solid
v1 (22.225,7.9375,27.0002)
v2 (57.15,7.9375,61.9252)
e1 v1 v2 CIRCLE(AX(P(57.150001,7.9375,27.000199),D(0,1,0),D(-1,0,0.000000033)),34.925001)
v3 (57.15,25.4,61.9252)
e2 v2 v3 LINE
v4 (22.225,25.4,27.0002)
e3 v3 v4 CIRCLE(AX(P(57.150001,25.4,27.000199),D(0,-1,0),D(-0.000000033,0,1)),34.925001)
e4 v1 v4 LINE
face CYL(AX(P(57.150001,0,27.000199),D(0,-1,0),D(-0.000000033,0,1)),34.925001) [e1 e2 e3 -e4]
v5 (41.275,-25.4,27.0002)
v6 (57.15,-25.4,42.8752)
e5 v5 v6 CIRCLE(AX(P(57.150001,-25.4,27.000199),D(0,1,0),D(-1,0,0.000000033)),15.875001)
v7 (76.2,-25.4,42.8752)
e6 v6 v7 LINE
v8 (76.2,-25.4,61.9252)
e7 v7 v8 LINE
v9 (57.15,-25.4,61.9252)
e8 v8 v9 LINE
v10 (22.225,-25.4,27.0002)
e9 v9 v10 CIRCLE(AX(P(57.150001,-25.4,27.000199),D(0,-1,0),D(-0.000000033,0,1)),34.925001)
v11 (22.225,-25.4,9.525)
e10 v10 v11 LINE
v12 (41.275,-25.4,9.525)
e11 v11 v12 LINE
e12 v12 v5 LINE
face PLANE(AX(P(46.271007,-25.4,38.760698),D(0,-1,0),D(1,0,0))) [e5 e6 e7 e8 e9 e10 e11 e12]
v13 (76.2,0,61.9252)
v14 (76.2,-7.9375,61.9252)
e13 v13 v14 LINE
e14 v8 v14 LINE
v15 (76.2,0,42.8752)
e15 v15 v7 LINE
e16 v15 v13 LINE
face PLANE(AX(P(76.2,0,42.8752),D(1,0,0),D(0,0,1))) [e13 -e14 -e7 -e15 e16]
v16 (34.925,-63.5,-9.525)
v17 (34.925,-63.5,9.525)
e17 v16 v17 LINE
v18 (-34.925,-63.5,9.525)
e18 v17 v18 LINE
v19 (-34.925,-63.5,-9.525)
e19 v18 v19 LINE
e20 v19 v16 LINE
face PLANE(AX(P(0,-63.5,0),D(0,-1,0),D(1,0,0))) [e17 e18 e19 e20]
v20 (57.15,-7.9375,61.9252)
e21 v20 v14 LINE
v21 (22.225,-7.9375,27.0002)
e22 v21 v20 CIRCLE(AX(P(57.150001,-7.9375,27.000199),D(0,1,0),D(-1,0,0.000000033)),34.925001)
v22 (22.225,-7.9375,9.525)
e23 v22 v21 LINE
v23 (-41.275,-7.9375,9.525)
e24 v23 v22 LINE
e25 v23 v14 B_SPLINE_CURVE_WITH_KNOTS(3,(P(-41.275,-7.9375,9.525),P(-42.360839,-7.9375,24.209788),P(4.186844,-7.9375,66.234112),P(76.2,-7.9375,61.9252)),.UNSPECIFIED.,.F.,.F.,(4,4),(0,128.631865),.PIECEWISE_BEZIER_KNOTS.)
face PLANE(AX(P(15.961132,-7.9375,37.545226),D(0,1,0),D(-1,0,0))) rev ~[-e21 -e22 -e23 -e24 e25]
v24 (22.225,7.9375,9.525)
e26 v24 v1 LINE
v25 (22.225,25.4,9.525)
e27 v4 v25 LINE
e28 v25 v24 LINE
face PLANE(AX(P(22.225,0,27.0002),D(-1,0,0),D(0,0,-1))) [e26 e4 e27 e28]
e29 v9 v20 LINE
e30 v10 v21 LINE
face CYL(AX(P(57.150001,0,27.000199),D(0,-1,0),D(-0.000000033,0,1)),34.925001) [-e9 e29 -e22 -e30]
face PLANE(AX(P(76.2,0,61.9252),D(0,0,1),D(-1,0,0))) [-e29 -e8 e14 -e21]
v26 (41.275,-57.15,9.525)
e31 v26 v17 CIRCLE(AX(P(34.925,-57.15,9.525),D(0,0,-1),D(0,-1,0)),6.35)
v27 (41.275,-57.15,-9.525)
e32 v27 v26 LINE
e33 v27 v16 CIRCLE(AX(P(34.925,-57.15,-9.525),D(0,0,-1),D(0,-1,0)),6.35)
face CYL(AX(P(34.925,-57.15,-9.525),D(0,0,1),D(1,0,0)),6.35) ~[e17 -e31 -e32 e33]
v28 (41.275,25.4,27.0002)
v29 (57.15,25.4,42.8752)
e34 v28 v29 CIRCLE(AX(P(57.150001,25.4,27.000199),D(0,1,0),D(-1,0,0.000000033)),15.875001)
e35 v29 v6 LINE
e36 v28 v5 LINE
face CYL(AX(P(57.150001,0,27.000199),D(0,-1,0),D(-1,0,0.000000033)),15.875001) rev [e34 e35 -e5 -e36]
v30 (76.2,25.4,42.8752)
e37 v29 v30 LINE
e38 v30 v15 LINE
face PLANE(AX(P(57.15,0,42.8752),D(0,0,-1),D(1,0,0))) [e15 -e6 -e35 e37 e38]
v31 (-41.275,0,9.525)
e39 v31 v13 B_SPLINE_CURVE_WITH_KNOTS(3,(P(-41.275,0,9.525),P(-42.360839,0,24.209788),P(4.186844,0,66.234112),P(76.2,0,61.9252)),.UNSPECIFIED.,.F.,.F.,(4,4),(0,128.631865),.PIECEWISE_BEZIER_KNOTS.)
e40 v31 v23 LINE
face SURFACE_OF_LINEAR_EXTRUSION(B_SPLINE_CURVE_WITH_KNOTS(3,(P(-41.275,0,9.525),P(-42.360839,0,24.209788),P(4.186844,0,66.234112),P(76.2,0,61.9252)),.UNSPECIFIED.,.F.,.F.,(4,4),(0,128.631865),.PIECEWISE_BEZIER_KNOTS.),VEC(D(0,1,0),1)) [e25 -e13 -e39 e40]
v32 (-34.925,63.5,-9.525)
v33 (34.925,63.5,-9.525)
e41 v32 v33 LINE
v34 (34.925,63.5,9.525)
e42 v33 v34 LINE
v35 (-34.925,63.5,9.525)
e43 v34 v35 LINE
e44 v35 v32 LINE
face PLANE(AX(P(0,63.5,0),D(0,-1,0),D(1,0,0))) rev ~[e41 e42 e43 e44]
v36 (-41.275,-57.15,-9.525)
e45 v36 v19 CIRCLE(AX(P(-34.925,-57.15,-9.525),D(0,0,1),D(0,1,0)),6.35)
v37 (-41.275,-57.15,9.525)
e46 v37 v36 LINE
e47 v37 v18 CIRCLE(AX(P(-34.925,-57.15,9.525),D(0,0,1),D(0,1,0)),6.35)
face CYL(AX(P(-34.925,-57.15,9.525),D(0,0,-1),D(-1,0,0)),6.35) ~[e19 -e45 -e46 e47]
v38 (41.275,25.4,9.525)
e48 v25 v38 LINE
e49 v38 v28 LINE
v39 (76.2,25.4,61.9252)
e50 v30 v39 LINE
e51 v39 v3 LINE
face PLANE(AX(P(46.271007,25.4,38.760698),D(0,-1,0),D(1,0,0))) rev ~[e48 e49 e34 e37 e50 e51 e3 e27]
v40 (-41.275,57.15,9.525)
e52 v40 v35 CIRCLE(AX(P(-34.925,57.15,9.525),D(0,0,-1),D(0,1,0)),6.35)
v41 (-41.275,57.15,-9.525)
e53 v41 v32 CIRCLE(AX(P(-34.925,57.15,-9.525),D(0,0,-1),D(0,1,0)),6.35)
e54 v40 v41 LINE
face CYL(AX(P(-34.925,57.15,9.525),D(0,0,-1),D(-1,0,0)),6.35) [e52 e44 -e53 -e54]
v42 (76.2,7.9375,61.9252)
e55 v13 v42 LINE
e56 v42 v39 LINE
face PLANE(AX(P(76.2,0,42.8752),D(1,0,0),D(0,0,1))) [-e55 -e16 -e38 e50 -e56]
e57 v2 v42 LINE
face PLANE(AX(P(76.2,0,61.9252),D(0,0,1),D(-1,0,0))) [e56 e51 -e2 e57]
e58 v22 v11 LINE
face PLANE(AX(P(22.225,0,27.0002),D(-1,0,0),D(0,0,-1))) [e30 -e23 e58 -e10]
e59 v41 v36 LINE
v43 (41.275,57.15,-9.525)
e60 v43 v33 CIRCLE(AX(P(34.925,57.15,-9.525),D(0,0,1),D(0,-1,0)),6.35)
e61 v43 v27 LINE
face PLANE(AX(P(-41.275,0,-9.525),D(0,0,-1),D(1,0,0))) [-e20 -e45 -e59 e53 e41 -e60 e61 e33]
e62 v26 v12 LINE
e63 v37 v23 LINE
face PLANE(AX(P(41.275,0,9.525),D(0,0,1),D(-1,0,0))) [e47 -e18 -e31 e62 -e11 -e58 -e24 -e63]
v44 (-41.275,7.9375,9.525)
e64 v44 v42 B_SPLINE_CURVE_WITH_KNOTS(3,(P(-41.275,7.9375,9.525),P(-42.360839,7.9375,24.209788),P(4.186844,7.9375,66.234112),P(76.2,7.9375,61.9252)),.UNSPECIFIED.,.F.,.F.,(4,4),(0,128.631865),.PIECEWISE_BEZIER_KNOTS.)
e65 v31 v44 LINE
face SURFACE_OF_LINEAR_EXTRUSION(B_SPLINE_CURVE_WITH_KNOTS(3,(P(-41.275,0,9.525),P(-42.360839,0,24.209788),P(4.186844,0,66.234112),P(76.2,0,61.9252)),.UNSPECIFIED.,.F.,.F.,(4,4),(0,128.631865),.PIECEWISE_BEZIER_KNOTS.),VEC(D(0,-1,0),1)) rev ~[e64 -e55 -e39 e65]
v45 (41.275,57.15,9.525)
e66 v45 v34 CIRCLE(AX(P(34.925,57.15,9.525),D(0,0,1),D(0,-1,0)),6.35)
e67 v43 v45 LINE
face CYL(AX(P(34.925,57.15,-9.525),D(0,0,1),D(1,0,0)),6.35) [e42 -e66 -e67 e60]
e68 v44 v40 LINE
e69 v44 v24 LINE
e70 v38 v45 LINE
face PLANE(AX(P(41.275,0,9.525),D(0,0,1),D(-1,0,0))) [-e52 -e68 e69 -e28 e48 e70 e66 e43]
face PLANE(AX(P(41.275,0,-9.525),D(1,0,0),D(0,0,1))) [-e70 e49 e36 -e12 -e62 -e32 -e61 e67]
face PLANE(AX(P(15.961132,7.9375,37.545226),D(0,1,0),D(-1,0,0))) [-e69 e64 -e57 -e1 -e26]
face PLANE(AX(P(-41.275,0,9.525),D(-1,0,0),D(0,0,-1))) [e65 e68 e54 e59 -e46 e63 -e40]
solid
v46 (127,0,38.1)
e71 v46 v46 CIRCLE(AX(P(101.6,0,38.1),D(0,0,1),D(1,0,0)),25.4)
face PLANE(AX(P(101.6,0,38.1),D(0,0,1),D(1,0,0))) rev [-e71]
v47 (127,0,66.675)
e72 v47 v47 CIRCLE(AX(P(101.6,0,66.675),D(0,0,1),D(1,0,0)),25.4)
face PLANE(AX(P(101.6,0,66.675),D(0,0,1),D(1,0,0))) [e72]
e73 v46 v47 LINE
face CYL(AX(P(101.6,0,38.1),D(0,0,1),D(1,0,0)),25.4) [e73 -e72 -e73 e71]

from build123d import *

# Parameters (mm, degrees)
F1_DEPTH = 63.5
F2_DEPTH = 25.4
F3_DEPTH = 7.9375
F5_R     = 6.35


with BuildPart() as f1:
    # F0 (on Front) → F1 (new body, symmetric)
    with BuildSketch(Plane.XZ):
        Polygon((22.225, 9.525), (-41.275, 9.525), (-41.275, -9.525), (41.275, -9.525), (41.275, 9.525), align=None)
    extrude(amount=F1_DEPTH, both=True)

    # F0 (on Front) → F2 (join, symmetric)
    with BuildSketch(Plane.XZ):
        with BuildLine():
            Line((22.225, 27.0002), (22.225, 9.525))
            Line((22.225, 9.525), (41.275, 9.525))
            Line((41.275, 9.525), (41.275, 27.0002))
            ThreePointArc((41.275, 27.0002), (45.92468, 38.22552), (57.15, 42.8752))
            Line((57.15, 42.8752), (76.2, 42.8752))
            Line((76.2, 42.8752), (76.2, 61.9252))
            Line((76.2, 61.9252), (57.15, 61.9252))
            ThreePointArc((57.15, 61.9252), (32.454296, 51.695904), (22.225, 27.0002))
        make_face()
    extrude(amount=F2_DEPTH, both=True)

    # F0 (on Front) → F3 (join, symmetric)
    with BuildSketch(Plane.XZ):
        with BuildLine():
            add(Edge.make_bspline(
                [(-41.275, 9.525), (-42.360839, 24.209788), (4.186844, 66.234112), (76.2, 61.9252)],
                knots=[0, 0, 0, 0, 128.631865, 128.631865, 128.631865, 128.631865], degree=3))
            Line((-41.275, 9.525), (22.225, 9.525))
            Line((22.225, 9.525), (22.225, 27.0002))
            ThreePointArc((22.225, 27.0002), (32.454296, 51.695904), (57.15, 61.9252))
            Line((57.15, 61.9252), (76.2, 61.9252))
        make_face()
    extrude(amount=F3_DEPTH, both=True)

    # F0 (on Front) → F4 (revolve)
    with BuildSketch(Plane.XZ):
        Polygon((101.6, 66.675), (101.6, 61.9252), (101.6, 42.8752), (101.6, 38.1), (127, 38.1), (127, 66.675), align=None)
    revolve(axis=Axis((101.6, 0, 52.3875), (0, 0, 1)))

    # F5
    f5_edges = [f1.edges().sort_by_distance(p)[0] for p in [
        (41.275, -63.5, 0),
        (-41.275, -63.5, 0),
        (-41.275, 63.5, 0),
        (41.275, 63.5, 0),
    ]]
    fillet(f5_edges, radius=F5_R)


solid = f1.part
